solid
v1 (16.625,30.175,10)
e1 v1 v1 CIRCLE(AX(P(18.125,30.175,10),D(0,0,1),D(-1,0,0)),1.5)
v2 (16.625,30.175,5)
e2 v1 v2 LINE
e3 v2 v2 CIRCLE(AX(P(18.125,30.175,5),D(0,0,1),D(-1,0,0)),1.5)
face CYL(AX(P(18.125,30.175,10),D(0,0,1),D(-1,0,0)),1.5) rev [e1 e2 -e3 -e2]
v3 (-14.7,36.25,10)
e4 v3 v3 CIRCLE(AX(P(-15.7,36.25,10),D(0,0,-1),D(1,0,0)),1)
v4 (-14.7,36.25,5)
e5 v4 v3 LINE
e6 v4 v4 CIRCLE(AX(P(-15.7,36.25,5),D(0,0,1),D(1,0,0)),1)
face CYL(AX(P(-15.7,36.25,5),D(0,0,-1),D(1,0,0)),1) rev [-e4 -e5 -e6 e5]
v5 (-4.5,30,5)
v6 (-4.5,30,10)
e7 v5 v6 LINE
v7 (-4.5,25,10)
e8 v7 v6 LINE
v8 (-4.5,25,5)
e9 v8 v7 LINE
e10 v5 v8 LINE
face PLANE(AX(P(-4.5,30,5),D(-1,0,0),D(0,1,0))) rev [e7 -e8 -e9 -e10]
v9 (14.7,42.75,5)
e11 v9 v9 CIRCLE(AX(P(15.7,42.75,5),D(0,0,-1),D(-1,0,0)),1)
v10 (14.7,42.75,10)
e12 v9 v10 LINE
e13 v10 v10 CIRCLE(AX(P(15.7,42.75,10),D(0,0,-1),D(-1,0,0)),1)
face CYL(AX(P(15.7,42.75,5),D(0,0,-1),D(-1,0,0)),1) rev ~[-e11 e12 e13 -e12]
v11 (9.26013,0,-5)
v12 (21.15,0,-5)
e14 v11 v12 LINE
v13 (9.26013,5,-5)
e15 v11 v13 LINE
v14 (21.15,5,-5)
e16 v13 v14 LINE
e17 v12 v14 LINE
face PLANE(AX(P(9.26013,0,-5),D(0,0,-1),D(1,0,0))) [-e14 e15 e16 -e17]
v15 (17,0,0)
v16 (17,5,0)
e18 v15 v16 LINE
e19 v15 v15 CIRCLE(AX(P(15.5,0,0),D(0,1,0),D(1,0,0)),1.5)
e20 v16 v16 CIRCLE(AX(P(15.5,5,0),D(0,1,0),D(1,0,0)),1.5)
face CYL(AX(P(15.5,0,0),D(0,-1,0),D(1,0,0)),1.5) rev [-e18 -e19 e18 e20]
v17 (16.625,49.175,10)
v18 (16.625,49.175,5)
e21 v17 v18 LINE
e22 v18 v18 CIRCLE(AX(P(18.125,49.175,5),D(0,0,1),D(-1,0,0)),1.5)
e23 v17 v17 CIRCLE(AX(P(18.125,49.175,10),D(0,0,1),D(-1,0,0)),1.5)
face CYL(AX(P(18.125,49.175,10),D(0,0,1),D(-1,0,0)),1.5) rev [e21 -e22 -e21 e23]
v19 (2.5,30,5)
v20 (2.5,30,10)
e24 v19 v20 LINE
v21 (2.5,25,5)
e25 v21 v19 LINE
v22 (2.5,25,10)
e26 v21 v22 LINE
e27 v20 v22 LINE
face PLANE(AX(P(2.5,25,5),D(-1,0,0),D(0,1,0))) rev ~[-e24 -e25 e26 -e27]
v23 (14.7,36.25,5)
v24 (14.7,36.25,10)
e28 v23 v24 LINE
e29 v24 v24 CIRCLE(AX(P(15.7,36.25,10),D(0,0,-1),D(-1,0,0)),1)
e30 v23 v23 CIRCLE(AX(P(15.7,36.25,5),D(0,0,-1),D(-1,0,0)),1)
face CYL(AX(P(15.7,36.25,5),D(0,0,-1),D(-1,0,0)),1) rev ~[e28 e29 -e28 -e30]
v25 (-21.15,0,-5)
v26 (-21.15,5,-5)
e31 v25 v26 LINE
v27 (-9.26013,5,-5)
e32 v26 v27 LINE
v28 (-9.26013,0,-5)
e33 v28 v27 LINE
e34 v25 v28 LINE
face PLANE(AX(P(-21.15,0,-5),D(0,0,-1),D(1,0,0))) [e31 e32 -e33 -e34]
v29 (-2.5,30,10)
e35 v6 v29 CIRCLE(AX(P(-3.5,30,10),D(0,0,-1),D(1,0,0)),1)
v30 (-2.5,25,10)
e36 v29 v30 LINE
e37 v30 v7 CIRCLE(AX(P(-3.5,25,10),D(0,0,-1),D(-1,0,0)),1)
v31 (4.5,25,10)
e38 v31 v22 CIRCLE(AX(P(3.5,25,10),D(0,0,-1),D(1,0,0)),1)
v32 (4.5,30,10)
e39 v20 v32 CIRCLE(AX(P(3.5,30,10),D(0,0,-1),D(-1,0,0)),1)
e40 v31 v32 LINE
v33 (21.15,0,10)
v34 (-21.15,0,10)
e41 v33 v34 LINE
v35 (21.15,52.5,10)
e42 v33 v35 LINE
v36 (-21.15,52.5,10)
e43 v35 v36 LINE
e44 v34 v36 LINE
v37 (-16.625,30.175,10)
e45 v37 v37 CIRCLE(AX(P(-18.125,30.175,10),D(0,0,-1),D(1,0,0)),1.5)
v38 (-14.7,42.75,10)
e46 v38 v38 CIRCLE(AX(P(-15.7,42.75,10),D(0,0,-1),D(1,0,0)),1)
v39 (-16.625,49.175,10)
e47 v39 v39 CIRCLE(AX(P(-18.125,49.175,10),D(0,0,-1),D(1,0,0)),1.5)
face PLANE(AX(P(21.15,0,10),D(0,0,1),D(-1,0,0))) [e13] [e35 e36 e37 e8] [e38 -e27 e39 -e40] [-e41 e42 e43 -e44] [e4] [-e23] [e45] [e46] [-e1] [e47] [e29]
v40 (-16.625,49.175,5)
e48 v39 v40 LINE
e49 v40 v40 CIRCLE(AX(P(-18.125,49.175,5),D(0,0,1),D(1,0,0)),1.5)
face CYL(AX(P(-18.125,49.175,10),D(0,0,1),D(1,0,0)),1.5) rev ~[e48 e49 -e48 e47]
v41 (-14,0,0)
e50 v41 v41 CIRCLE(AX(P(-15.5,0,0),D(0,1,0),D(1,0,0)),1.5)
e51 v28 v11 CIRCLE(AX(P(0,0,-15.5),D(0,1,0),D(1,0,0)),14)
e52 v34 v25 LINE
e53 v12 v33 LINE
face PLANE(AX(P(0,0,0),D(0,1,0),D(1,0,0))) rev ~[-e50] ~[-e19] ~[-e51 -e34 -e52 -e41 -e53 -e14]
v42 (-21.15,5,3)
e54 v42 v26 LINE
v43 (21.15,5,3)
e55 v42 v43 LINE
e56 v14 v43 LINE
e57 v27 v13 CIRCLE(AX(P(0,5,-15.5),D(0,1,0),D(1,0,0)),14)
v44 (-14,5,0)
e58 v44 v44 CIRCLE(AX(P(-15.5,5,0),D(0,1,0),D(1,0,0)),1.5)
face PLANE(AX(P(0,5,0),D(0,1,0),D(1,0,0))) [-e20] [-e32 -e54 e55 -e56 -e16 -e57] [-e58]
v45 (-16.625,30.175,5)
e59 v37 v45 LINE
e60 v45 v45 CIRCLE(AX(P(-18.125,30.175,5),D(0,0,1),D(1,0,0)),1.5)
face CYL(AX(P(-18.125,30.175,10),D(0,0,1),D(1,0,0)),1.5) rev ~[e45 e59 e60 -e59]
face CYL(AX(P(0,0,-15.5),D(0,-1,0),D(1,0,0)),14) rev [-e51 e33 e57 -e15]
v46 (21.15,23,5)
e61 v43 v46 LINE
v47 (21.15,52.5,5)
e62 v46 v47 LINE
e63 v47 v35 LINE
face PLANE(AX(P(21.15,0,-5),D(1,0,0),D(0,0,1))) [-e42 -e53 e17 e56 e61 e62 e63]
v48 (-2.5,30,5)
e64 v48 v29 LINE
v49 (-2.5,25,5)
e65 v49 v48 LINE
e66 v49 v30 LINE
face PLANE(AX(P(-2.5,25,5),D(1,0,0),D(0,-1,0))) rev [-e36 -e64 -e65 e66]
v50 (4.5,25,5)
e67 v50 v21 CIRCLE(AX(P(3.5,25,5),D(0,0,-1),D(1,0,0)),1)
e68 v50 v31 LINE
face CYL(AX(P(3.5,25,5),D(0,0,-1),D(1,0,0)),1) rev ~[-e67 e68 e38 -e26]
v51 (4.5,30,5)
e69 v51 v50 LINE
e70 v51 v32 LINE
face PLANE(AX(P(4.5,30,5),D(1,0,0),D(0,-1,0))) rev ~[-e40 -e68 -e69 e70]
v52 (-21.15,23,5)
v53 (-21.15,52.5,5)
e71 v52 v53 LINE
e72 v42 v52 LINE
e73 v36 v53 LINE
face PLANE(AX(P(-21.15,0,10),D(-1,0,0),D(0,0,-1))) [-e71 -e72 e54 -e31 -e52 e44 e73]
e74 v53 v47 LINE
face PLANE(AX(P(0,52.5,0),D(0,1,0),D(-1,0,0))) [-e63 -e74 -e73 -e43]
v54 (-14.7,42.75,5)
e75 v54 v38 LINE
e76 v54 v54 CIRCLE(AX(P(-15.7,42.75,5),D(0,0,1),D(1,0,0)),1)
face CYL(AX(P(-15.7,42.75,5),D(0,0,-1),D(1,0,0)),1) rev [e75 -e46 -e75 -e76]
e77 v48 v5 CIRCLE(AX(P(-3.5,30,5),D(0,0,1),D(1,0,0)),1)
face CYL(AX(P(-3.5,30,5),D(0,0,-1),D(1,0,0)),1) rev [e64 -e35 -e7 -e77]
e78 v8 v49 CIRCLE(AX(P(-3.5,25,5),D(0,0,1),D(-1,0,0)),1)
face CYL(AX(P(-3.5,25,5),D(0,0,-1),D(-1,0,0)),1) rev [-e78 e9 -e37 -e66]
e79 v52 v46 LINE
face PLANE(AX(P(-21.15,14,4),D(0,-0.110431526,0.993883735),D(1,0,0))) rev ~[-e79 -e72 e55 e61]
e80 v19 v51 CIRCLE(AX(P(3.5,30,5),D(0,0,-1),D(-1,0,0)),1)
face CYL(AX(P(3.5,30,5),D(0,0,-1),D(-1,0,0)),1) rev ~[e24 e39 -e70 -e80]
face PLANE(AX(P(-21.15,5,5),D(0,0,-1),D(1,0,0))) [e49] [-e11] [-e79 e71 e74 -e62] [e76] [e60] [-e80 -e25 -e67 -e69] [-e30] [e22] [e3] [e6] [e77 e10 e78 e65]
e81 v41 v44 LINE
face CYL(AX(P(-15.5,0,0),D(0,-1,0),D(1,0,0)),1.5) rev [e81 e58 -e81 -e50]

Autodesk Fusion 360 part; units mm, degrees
sketch "Sketch1" plane through (0, 0, 0) normal (0, 1, 0) x (1, 0, 0)
  line L0 (-21.15, 5) -> (21.15, 5)
  line L1 (21.15, 5) -> (21.15, -10)
  line L2 (21.15, -10) -> (-21.15, -10)
  line L3 (-21.15, -10) -> (-21.15, 5)
  line L4 (-15.5, 0) -> (15.5, 0) construction
  circle A0 centre (-15.5, 0) radius 1.5
  circle A1 centre (15.5, 0) radius 1.5
  circle A2 centre (0, 15.5) radius 14
  dimension "d1" = 42.3
  dimension "d2" = 15
  dimension "d3" = 31
  dimension "d4" = 5.65
  dimension "d5" = 3
  dimension "d6" = 3
  dimension "d9" = 28
  dimension "d13" = 15.5
  dimension "d14" = 5
extrude "Extrude1" add sketch "Sketch1" along normal blind 5 contours L0 L1 L2 L3 A2
sketch "Sketch2" plane through (0, 5, 0) normal (0, 1, 0) x (-1, 0, 0)
  line L0 (21.15, 5) -> (-21.15, 5)
  line L1 (-21.15, 5) -> (-21.15, 10)
  line L2 (-21.15, 10) -> (21.15, 10)
  line L3 (21.15, 10) -> (21.15, 5)
  circle A0 centre (-15.5, 0) radius 1.5
  circle A1 centre (15.5, 0) radius 1.5
  line L4 (-21.15, 10) -> (-21.15, -5)
  line L5 (-21.15, -5) -> (-9.2601, -5)
  arc A2 (9.2601, -5) -> (-9.2601, -5) centre (0, -15.5) ccw
  line L6 (9.2601, -5) -> (21.15, -5)
  line L7 (21.15, -5) -> (21.15, 10)
  line L8 (21.15, 10) -> (-21.15, 10)
  dimension "d22" = 5
  dimension "d23" = 42.3
extrude "Extrude2" add sketch "Sketch2" along normal blind 47.5 contours L0 L1 L2 L3 L4 L7 L8
sketch "Sketch3" plane through (0, 0, 5) normal (0, 0, -1) x (-1, 0, 0)
  line L0 (-15.7, 42.75) -> (-15.7, 36.25) construction
  circle A0 centre (-15.7, 42.75) radius 1
  circle A1 centre (-15.7, 36.25) radius 1
  line L1 (-21.15, 52.5) -> (21.15, 52.5)
  line L2 (0, 52.5) -> (0, 12.5) construction
  line L3 (-4.5, 30) -> (-4.5, 25)
  arc A2 (-4.5, 25) -> (-2.5, 25) centre (-3.5, 25) ccw
  line L4 (-2.5, 25) -> (-2.5, 30)
  arc A3 (-2.5, 30) -> (-4.5, 30) centre (-3.5, 30) ccw
  line L5 (-3.5, 30) -> (-3.5, 25) construction
  dimension "d26" = 6.5
  dimension "d27" = 2
  dimension "d28" = 2
  dimension "d30" = 5.45
  dimension "d32" = 2
  dimension "d33" = 5
  dimension "d34" = 3.5
  dimension "d35" = 25
  dimension "d51" = 42.75
extrude "Extrude3" cut sketch "Sketch3" against normal through all
mirror "Mirror1" about plane through (0, 0, 0) normal (1, 0, 0) of "Extrude3"
sketch "Sketch4" plane through (0, 0, 5) normal (0, 0, -1) x (-1, 0, 0)
  circle A0 centre (15.7, 42.75) radius 1
  circle A1 centre (15.7, 36.25) radius 1
  circle A2 centre (-15.7, 42.75) radius 1
  circle A3 centre (-15.7, 36.25) radius 1
  circle A4 centre (15.7, 42.75) radius 2.5
  circle A5 centre (15.7, 36.25) radius 1
  circle A6 centre (15.7, 36.25) radius 2.5
  circle A7 centre (-15.7, 42.75) radius 2.5
  circle A8 centre (-15.7, 36.25) radius 2.5
  dimension "d37" = 5
  dimension "d38" = 5
  dimension "d39" = 5
  dimension "d40" = 5
chamfer "Chamfer1" distance 2 distance2 18 1 edges at (0, 5, 5) measured on face at (0, 5, 2.8333)
sketch "Sketch5" plane through (0, 0, 10) normal (0, 0, 1) x (1, 0, 0)
  line L0 (-18.125, 49.175) -> (-18.125, 30.175)
  circle A0 centre (-18.125, 49.175) radius 1.5
  circle A1 centre (-18.125, 30.175) radius 1.5
  line L1 (-21.15, 0) -> (-21.15, 52.5)
  circle A2 centre (-15.7, 42.75) radius 1
  dimension "d45" = 19
  dimension "d46" = 3
  dimension "d47" = 3
  dimension "d49" = 6.425
  dimension "d50" = 2.425
extrude "Extrude5" cut sketch "Sketch5" against normal through all contours A1 | A0
mirror "Mirror2" about plane through (0, 0, 0) normal (1, 0, 0) of "Extrude5"
